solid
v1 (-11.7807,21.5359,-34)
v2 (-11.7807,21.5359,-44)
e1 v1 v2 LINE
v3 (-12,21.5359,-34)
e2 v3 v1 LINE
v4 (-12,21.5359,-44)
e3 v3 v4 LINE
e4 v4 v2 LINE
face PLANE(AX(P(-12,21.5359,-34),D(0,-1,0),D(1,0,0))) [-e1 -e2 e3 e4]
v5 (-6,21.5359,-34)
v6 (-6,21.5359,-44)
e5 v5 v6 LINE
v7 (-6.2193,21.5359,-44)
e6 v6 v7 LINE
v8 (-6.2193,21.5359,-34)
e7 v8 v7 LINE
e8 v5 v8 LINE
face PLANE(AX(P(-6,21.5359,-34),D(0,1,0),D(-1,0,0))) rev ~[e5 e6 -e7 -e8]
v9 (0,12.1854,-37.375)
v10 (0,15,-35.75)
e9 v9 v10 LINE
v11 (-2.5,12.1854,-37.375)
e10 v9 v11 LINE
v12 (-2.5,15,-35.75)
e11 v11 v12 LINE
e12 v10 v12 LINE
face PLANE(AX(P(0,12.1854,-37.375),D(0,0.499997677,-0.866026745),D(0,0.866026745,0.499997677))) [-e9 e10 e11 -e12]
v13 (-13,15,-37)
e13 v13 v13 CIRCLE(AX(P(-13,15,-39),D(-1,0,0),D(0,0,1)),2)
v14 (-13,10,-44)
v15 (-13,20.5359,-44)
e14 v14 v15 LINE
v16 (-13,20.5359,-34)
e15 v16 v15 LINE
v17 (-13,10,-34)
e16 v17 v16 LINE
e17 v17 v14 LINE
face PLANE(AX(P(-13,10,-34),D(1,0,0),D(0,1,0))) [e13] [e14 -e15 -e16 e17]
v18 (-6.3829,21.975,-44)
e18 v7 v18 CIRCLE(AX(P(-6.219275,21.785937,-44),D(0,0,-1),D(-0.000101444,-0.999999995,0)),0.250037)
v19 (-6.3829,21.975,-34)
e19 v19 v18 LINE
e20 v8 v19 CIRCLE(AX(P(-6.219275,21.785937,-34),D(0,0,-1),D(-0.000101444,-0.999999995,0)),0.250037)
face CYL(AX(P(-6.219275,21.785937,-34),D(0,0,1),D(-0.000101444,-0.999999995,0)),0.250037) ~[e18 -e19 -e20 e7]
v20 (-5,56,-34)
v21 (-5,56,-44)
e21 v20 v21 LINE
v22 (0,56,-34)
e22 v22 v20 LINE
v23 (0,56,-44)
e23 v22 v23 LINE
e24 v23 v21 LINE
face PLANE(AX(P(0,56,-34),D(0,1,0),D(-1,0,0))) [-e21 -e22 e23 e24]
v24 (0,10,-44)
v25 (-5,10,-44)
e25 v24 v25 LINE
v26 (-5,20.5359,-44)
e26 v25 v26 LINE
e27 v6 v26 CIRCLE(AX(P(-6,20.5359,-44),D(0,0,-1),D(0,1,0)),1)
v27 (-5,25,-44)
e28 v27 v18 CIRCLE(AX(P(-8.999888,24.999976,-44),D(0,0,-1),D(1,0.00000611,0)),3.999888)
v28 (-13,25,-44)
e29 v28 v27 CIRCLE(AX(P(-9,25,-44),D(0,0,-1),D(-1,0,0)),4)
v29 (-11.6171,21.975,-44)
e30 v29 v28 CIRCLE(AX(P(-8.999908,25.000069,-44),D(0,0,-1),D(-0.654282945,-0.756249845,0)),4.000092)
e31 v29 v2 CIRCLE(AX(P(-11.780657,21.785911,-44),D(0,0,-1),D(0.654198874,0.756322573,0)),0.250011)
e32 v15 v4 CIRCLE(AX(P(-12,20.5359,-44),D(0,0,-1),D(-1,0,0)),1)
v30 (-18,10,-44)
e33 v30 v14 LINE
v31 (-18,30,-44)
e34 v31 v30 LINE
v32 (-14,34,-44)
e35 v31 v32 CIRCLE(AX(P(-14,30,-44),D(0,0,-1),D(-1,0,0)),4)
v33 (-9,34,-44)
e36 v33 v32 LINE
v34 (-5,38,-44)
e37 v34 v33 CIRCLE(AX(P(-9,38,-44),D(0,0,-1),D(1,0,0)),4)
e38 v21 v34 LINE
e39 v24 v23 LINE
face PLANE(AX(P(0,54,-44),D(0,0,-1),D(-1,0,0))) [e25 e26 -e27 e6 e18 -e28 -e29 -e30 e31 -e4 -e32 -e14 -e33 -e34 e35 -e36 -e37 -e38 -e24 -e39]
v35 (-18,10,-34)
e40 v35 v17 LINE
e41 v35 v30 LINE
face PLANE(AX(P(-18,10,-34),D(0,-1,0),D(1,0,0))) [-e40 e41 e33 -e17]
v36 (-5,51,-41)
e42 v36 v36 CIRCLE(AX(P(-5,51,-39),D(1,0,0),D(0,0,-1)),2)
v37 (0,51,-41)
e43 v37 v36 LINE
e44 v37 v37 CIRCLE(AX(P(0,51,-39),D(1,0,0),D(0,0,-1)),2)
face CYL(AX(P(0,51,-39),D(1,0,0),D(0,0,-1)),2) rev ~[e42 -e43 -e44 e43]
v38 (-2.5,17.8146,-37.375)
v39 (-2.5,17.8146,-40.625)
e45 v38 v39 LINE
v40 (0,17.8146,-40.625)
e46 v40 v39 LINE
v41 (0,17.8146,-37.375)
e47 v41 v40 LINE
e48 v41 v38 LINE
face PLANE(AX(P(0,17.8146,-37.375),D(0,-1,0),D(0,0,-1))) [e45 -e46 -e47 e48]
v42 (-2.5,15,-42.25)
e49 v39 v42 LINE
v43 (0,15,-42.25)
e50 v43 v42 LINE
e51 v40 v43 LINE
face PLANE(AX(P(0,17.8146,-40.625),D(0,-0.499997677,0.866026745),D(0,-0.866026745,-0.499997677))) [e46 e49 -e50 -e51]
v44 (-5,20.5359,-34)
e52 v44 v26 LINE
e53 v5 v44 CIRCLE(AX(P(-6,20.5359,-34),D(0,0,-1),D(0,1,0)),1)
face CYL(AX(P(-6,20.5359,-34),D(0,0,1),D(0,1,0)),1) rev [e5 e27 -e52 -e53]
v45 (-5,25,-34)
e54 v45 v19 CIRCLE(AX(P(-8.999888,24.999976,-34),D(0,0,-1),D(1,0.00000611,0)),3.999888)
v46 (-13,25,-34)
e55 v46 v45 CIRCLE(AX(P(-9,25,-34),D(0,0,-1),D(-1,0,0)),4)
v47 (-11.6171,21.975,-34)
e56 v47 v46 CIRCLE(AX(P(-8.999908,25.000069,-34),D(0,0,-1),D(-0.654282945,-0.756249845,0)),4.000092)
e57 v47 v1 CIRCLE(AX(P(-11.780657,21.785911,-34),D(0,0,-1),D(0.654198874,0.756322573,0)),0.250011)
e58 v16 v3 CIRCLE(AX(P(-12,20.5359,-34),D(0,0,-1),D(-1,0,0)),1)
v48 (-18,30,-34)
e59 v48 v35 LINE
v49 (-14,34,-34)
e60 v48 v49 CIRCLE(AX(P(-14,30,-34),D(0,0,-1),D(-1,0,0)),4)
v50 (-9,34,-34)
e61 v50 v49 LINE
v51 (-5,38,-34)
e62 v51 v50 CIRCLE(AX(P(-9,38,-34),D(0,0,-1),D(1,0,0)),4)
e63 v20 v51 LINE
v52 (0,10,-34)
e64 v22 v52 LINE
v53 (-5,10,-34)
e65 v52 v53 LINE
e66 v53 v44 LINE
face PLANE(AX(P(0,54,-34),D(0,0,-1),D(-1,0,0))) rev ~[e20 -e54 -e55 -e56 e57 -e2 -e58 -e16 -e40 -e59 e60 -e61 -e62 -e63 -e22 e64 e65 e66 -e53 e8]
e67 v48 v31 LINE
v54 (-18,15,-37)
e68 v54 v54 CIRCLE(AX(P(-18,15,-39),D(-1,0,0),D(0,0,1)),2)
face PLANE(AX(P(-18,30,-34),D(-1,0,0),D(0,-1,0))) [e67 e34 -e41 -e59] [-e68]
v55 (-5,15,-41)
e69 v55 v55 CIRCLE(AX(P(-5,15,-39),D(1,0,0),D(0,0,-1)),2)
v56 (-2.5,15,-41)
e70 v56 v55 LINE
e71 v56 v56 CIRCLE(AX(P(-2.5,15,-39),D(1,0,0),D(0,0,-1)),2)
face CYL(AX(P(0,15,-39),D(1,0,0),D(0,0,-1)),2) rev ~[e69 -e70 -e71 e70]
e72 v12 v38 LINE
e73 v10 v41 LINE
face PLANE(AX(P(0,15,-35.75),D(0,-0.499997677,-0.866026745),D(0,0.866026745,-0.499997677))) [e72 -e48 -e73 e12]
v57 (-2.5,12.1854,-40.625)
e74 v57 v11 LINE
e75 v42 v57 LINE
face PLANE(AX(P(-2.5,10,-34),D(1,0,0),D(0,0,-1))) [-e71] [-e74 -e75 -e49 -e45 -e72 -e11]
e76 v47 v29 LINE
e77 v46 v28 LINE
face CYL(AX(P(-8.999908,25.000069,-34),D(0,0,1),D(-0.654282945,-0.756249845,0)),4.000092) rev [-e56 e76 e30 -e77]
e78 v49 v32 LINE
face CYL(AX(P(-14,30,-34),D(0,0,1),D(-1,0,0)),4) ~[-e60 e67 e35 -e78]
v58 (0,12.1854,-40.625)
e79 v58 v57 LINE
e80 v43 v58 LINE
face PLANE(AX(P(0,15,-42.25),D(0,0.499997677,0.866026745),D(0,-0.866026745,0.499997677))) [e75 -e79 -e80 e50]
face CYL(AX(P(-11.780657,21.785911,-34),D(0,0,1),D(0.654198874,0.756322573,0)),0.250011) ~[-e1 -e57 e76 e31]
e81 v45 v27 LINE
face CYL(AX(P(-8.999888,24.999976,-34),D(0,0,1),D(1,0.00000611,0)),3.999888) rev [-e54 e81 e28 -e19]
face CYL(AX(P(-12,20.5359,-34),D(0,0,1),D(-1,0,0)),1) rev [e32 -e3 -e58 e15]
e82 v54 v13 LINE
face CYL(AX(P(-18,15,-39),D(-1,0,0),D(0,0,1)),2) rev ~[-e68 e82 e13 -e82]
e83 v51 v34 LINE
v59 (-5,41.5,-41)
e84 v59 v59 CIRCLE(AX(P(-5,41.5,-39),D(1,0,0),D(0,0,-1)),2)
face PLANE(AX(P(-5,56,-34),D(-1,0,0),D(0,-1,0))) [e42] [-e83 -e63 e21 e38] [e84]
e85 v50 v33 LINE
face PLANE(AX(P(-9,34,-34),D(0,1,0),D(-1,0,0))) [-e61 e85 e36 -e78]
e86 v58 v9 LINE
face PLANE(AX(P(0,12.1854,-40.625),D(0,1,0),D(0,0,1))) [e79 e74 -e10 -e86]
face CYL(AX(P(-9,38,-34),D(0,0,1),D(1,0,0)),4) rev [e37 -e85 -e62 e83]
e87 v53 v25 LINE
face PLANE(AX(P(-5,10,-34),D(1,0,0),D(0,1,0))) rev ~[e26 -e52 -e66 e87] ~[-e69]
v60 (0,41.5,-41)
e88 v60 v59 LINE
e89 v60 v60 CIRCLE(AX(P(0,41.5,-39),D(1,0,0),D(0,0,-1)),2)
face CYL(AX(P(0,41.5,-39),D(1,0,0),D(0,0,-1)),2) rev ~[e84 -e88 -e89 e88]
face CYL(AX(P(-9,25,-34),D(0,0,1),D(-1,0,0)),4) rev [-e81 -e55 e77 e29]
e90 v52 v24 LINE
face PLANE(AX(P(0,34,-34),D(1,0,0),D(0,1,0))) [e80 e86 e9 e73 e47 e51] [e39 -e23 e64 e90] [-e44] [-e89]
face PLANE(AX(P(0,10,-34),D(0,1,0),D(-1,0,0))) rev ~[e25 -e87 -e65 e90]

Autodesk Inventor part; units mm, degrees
ref_plane "YZ Plane" through (0, 0, 0) normal (1, 0, 0) x (0, 1, 0)
ref_plane "XZ Plane" through (0, 0, 0) normal (0, 1, 0) x (-1, 0, 0)
ref_plane "XY Plane" through (0, 0, 0) normal (0, 0, 1) x (1, 0, 0)
sketch "Sketch1" plane through (0, 0, 0) normal (0, 1, 0) x (-1, 0, 0)
  line L0 (0, 2) -> (5, 2)
  line L1 (5, 2) -> (5, -16)
  line L2 (0, -20) -> (0, 2)
  line L3 (0, -44) -> (5, -44)
  line L4 (5, -44) -> (5, -33.4641)
  arc A0 (13, -29) -> (5, -29) centre (9, -29) ccw
  line L5 (9, -20) -> (14, -20)
  line L6 (18, -44) -> (13, -44)
  line L7 (13, -44) -> (13, -33.4641)
  line L8 (18, -24) -> (18, -44)
  line L9 (0, -20) -> (0, -44)
  arc A1 (5, -16) -> (9, -20) centre (9, -16) ccw
  arc A2 (18, -24) -> (14, -20) centre (14, -24) ccw
  circle A3 centre (9, -29) radius 4 construction
  line L10 (6, -32.4641) -> (6.2193, -32.4641)
  line L11 (12, -32.4641) -> (11.7807, -32.4641)
  arc A4 (5, -29) -> (6.3829, -32.025) centre (9, -29) ccw
  arc A5 (11.6171, -32.025) -> (13, -29) centre (9, -29) ccw
  arc A6 (6.2193, -32.4641) -> (6.3829, -32.025) centre (6.2193, -32.2141) ccw
  arc A7 (11.6171, -32.025) -> (11.7807, -32.4641) centre (11.7807, -32.2141) ccw
  arc A8 (6, -32.4641) -> (5, -33.4641) centre (6, -33.4641) ccw
  arc A9 (13, -33.4641) -> (12, -32.4641) centre (12, -33.4641) ccw
  point P0 (0, 0)
  point P1 (7, -32.4641)
  point P2 (11, -32.4641)
  dimension "d45" = 1
extrude "Extrusion1" add sketch "Sketch1" along normal blind 10
move or copy body "Move Body1" bodies to move or copy 1 copy no rotation origin (0, 0, 0) rotation axis (1, 0, 0) rotation angle -90 translate (0, 54, -34)
sketch "Sketch4" plane through (0, 10, -34) normal (1, 0, 0) x (0, 0, -1)
  line L0 (0, 46) -> (10, 46) construction
  line L1 (5, 46) -> (5, 41) construction
  circle A0 centre (5, 41) radius 2
  circle A1 centre (5, 31.5) radius 2
  circle A2 centre (5, 5) radius 2
  dimension "d29" = 5
  dimension "d30" = 4
  dimension "d31" = 4
  dimension "d32" = 4
extrude "Extrusion3" cut sketch "Sketch4" against normal blind 5
sketch "Sketch5" plane through (0, 10, -34) normal (1, 0, 0) x (0, 0, -1)
  circle A0 centre (5, 5) radius 2 construction
  circle A1 centre (5, 5) radius 3.25 construction
  line L0 (8.25, 5) -> (6.625, 2.1854)
  line L1 (6.625, 2.1854) -> (3.375, 2.1854)
  line L2 (3.375, 2.1854) -> (1.75, 5)
  line L3 (1.75, 5) -> (3.375, 7.8146)
  line L4 (3.375, 7.8146) -> (6.625, 7.8146)
  line L5 (6.625, 7.8146) -> (8.25, 5)
  point P0 (-34, -10)
  dimension "d35" = 6.5
extrude "Extrusion4" cut sketch "Sketch5" against normal blind 2.5
sketch "Sketch6" plane through (-18, 10, -34) normal (-1, 0, 0) x (0, 0, 1)
  line L0 (0, 0) -> (-10, 0) construction
  line L1 (-5, 0) -> (-5, 5) construction
  circle A0 centre (-5, 5) radius 2
  point P0 (34, -10)
  dimension "d38" = 5
  dimension "d39" = 4
extrude "Extrusion5" cut sketch "Sketch6" against normal blind 5
properties part number "Camera_Bed_Detector"
